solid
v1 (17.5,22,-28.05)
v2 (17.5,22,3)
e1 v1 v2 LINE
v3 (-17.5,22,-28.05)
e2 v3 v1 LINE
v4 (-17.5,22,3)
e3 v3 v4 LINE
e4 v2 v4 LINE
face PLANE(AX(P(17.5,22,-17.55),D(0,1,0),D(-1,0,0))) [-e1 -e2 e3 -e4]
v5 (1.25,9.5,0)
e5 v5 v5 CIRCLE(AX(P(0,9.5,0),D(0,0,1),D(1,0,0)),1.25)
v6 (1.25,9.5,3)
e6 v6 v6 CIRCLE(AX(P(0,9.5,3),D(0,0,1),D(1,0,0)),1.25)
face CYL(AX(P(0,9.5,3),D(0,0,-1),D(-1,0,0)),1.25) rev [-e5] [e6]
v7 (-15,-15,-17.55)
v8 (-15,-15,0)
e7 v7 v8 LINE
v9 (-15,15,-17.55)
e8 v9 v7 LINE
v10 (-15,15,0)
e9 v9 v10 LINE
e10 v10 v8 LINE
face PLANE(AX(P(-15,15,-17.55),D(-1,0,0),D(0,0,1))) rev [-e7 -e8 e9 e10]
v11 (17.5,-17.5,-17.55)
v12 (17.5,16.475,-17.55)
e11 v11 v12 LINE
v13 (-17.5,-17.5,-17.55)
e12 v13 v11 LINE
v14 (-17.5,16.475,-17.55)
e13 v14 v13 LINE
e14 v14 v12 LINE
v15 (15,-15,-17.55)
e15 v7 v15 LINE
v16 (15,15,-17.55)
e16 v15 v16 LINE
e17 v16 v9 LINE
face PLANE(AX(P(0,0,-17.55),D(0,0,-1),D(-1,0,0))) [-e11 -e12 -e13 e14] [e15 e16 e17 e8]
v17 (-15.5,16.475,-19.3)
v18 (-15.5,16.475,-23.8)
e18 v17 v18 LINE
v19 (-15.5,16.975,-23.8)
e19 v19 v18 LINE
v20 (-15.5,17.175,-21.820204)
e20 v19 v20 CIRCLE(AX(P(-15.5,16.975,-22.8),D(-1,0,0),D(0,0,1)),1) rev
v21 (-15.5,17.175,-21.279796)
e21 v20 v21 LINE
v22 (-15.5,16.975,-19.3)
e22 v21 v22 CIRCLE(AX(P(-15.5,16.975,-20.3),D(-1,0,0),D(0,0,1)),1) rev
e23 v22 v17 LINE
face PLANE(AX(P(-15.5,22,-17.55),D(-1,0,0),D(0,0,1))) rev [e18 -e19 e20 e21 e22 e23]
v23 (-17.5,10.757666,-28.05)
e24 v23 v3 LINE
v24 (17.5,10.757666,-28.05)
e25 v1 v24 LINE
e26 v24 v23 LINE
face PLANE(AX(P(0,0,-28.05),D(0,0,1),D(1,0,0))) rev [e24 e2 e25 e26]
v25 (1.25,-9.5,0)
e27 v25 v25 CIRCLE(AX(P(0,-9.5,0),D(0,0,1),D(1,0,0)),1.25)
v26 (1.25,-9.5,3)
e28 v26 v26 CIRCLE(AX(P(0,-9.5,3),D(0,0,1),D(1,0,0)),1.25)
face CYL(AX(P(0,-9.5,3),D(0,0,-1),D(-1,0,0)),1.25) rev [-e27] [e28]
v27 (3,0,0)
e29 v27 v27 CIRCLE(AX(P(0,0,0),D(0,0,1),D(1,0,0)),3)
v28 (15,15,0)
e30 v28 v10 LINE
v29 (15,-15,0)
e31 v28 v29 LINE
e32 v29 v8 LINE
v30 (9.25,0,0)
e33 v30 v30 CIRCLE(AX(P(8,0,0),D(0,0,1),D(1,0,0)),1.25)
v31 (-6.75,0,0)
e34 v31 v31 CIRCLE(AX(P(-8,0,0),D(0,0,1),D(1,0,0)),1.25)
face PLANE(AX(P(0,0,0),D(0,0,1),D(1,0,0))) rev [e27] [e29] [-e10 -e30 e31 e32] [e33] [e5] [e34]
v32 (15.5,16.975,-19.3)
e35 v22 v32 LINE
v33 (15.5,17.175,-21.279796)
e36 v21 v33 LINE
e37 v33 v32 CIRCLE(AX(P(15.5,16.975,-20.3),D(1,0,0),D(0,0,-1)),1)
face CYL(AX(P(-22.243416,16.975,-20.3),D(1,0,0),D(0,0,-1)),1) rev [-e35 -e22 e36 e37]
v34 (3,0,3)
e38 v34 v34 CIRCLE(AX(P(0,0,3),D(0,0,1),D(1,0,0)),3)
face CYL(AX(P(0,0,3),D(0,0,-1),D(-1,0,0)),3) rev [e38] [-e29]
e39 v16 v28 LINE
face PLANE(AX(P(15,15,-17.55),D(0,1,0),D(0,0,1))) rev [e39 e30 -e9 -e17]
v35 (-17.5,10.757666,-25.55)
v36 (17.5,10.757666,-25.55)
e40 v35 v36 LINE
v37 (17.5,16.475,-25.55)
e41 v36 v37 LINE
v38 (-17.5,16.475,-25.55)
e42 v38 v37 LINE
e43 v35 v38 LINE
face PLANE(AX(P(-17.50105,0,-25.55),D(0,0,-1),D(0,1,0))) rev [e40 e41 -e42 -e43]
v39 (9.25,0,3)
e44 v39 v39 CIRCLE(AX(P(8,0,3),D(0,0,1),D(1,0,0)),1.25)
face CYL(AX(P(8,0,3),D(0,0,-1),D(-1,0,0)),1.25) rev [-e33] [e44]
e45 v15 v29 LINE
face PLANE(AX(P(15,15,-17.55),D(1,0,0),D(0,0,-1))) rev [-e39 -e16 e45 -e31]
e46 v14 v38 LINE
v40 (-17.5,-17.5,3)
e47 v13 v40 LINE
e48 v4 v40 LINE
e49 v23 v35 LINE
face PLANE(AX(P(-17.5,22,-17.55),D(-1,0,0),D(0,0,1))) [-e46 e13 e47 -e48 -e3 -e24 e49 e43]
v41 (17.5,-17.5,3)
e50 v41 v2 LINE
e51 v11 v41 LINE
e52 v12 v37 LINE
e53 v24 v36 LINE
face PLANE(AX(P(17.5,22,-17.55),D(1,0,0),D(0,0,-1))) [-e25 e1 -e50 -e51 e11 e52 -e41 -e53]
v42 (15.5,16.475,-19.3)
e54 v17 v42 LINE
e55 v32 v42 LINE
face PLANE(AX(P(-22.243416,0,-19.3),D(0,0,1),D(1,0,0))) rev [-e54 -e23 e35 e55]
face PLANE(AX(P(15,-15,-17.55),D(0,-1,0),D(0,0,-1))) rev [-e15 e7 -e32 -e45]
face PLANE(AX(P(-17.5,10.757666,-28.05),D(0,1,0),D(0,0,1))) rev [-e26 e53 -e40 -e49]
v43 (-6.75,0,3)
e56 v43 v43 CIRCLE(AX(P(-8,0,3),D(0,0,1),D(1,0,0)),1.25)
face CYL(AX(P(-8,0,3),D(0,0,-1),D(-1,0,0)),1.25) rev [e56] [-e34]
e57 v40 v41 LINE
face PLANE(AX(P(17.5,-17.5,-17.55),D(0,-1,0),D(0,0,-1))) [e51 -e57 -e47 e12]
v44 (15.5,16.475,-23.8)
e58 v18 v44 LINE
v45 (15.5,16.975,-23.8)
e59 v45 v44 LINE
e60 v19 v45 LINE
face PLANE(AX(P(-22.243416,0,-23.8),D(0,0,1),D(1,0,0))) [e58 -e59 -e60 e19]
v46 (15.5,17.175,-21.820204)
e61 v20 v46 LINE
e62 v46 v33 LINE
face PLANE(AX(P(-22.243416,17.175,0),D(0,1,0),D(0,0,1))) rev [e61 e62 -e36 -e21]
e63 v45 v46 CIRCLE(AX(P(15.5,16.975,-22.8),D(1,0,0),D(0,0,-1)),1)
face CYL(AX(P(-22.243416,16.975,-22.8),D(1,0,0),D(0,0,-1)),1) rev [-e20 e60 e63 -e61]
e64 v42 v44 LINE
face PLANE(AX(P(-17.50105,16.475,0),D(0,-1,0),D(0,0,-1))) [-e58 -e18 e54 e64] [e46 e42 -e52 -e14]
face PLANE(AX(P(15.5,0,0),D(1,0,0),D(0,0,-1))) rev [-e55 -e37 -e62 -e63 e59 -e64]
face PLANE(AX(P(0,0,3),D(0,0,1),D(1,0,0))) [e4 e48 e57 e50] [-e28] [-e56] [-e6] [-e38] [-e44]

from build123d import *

# Parameters (mm, degrees)
SKETCH1_R           = 1.25
SKETCH1_R_2         = 3
BOSS_EXTRUDE1_DEPTH = 3
SKETCH2_W           = 35
SKETCH2_H           = 39.5
SKETCH2_W_2         = 30
SKETCH2_H_2         = 30
BOSS_EXTRUDE2_DEPTH = 20.55
BOSS_EXTRUDE3_START = -3
SKETCH2_2_W         = 30
SKETCH2_2_H         = 30
BOSS_EXTRUDE3_DEPTH = 3
SKETCH3_W           = 35
SKETCH3_H           = 11.242333622
BOSS_EXTRUDE4_DEPTH = 10.5
CUT_EXTRUDE1_REACH  = 51.958
SKETCH4_W           = 8
SKETCH4_H           = 5.717333622
CUT_EXTRUDE2_START  = -33
CUT_EXTRUDE2_DEPTH  = 31


with BuildPart() as part:
    # Sketch1 → Boss-Extrude1 (new body)
    with BuildSketch(Plane.XY):
        with BuildLine():
            Line((-10.880679664, -4.940982702), (-10.677312396, -4.737615434))
            ThreePointArc((-10.677312396, -4.737615434), (-4.737615434, -4.737615434), (-4.737615434, -10.677312396))
            Line((-4.737615434, -10.677312396), (-4.940982702, -10.880679664))
            ThreePointArc((-4.940982702, -10.880679664), (0, -11.95), (4.940982702, -10.880679664))
            Line((4.940982702, -10.880679664), (4.737615434, -10.677312396))
            ThreePointArc((4.737615434, -10.677312396), (4.737615434, -4.737615434), (10.677312396, -4.737615434))
            Line((10.677312396, -4.737615434), (10.880679664, -4.940982702))
            ThreePointArc((10.880679664, -4.940982702), (11.95, 0), (10.880679664, 4.940982702))
            Line((10.880679664, 4.940982702), (10.677312396, 4.737615434))
            ThreePointArc((10.677312396, 4.737615434), (4.737615434, 4.737615434), (4.737615434, 10.677312396))
            Line((4.737615434, 10.677312396), (4.940982702, 10.880679664))
            ThreePointArc((4.940982702, 10.880679664), (0, 11.95), (-4.940982702, 10.880679664))
            Line((-4.940982702, 10.880679664), (-4.737615434, 10.677312396))
            ThreePointArc((-4.737615434, 10.677312396), (-4.737615434, 4.737615434), (-10.677312396, 4.737615434))
            Line((-10.677312396, 4.737615434), (-10.880679664, 4.940982702))
            ThreePointArc((-10.880679664, 4.940982702), (-11.95, 0), (-10.880679664, -4.940982702))
        make_face()
        with Locations((8, 0)):
            Circle(SKETCH1_R, mode=Mode.SUBTRACT)
        with Locations((0, 9.5)):
            Circle(SKETCH1_R, mode=Mode.SUBTRACT)
        with Locations((0, -9.5)):
            Circle(SKETCH1_R, mode=Mode.SUBTRACT)
        with Locations((-8, 0)):
            Circle(SKETCH1_R, mode=Mode.SUBTRACT)
        Circle(SKETCH1_R_2, mode=Mode.SUBTRACT)
    extrude(amount=BOSS_EXTRUDE1_DEPTH)



with BuildPart() as body_2:
    # Sketch2 → Boss-Extrude2 (new body)
    with BuildSketch(Plane.XY.offset(3)):
        with Locations((0, 2.25)):
            Rectangle(SKETCH2_W, SKETCH2_H)
        Rectangle(SKETCH2_W_2, SKETCH2_H_2, mode=Mode.SUBTRACT)
    extrude(amount=-BOSS_EXTRUDE2_DEPTH)


with BuildPart() as part_1:
    add(part.part)

    add(body_2.part)  # Boss-Extrude3 merges body 2
    # Sketch2<2> → Boss-Extrude3 (add)
    with BuildSketch(Plane.XY.offset(3).offset(BOSS_EXTRUDE3_START)):
        Rectangle(SKETCH2_2_W, SKETCH2_2_H)
        with BuildLine():
            ThreePointArc((-10.880679664, 4.940982702), (-11.95, 0), (-10.880679664, -4.940982702))
            Line((-10.880679664, -4.940982702), (-10.677312396, -4.737615434))
            ThreePointArc((-10.677312396, -4.737615434), (-4.737615434, -4.737615434), (-4.737615434, -10.677312396))
            Line((-4.737615434, -10.677312396), (-4.940982702, -10.880679664))
            ThreePointArc((-4.940982702, -10.880679664), (0, -11.95), (4.940982702, -10.880679664))
            Line((4.940982702, -10.880679664), (4.737615434, -10.677312396))
            ThreePointArc((4.737615434, -10.677312396), (4.737615434, -4.737615434), (10.677312396, -4.737615434))
            Line((10.677312396, -4.737615434), (10.880679664, -4.940982702))
            ThreePointArc((10.880679664, -4.940982702), (11.95, 0), (10.880679664, 4.940982702))
            Line((10.880679664, 4.940982702), (10.677312396, 4.737615434))
            ThreePointArc((10.677312396, 4.737615434), (4.737615434, 4.737615434), (4.737615434, 10.677312396))
            Line((4.737615434, 10.677312396), (4.940982702, 10.880679664))
            ThreePointArc((4.940982702, 10.880679664), (0, 11.95), (-4.940982702, 10.880679664))
            Line((-4.940982702, 10.880679664), (-4.737615434, 10.677312396))
            ThreePointArc((-4.737615434, 10.677312396), (-4.737615434, 4.737615434), (-10.677312396, 4.737615434))
            Line((-10.677312396, 4.737615434), (-10.880679664, 4.940982702))
        make_face(mode=Mode.SUBTRACT)
    extrude(amount=BOSS_EXTRUDE3_DEPTH)

    # Sketch3 → Boss-Extrude4 (add)
    with BuildSketch(Plane(origin=(0, 0, -17.55), x_dir=(-1, 0, 0), z_dir=(0, 0, -1))):
        with Locations((0, 16.378833189)):
            Rectangle(SKETCH3_W, SKETCH3_H)
    extrude(amount=BOSS_EXTRUDE4_DEPTH)

    # Sketch4 → Cut-Extrude1 (cut, up to next)
    with BuildSketch(Plane(origin=(17.5, 0, 0), x_dir=(0, 0, -1), z_dir=(1, 0, 0)), mode=Mode.PRIVATE) as cut_extrude1_sk1:
        with Locations((21.55, 13.616333189)):
            Rectangle(SKETCH4_W, SKETCH4_H)
    cut_extrude1_tool1 = extrude(cut_extrude1_sk1.sketch, amount=-CUT_EXTRUDE1_REACH, mode=Mode.PRIVATE) & part_1.part
    add(cut_extrude1_tool1.solids().sort_by_distance((17.5, 13.616333, -21.55))[0], mode=Mode.SUBTRACT)

    # Sketch4<3> → Cut-Extrude2 (cut)
    with BuildSketch(Plane(origin=(17.5, 0, 0), x_dir=(0, 0, -1), z_dir=(1, 0, 0)).offset(CUT_EXTRUDE2_START)):
        with BuildLine():
            Line((21.55, 17.175), (21.55, 16.475))
            Line((21.55, 16.475), (23.8, 16.475))
            Line((23.8, 16.475), (23.8, 16.975))
            ThreePointArc((23.8, 16.975), (22.900508962, 17.969936153), (21.820204103, 17.175))
            Line((21.820204103, 17.175), (21.55, 17.175))
        make_face()
        with BuildLine():
            Line((19.3, 16.975), (19.3, 16.475))
            Line((19.3, 16.475), (21.55, 16.475))
            Line((21.55, 16.475), (21.55, 17.175))
            Line((21.55, 17.175), (21.279795897, 17.175))
            ThreePointArc((21.279795897, 17.175), (20.199491038, 17.969936153), (19.3, 16.975))
        make_face()
    extrude(amount=CUT_EXTRUDE2_DEPTH, mode=Mode.SUBTRACT)


solid = part_1.part
